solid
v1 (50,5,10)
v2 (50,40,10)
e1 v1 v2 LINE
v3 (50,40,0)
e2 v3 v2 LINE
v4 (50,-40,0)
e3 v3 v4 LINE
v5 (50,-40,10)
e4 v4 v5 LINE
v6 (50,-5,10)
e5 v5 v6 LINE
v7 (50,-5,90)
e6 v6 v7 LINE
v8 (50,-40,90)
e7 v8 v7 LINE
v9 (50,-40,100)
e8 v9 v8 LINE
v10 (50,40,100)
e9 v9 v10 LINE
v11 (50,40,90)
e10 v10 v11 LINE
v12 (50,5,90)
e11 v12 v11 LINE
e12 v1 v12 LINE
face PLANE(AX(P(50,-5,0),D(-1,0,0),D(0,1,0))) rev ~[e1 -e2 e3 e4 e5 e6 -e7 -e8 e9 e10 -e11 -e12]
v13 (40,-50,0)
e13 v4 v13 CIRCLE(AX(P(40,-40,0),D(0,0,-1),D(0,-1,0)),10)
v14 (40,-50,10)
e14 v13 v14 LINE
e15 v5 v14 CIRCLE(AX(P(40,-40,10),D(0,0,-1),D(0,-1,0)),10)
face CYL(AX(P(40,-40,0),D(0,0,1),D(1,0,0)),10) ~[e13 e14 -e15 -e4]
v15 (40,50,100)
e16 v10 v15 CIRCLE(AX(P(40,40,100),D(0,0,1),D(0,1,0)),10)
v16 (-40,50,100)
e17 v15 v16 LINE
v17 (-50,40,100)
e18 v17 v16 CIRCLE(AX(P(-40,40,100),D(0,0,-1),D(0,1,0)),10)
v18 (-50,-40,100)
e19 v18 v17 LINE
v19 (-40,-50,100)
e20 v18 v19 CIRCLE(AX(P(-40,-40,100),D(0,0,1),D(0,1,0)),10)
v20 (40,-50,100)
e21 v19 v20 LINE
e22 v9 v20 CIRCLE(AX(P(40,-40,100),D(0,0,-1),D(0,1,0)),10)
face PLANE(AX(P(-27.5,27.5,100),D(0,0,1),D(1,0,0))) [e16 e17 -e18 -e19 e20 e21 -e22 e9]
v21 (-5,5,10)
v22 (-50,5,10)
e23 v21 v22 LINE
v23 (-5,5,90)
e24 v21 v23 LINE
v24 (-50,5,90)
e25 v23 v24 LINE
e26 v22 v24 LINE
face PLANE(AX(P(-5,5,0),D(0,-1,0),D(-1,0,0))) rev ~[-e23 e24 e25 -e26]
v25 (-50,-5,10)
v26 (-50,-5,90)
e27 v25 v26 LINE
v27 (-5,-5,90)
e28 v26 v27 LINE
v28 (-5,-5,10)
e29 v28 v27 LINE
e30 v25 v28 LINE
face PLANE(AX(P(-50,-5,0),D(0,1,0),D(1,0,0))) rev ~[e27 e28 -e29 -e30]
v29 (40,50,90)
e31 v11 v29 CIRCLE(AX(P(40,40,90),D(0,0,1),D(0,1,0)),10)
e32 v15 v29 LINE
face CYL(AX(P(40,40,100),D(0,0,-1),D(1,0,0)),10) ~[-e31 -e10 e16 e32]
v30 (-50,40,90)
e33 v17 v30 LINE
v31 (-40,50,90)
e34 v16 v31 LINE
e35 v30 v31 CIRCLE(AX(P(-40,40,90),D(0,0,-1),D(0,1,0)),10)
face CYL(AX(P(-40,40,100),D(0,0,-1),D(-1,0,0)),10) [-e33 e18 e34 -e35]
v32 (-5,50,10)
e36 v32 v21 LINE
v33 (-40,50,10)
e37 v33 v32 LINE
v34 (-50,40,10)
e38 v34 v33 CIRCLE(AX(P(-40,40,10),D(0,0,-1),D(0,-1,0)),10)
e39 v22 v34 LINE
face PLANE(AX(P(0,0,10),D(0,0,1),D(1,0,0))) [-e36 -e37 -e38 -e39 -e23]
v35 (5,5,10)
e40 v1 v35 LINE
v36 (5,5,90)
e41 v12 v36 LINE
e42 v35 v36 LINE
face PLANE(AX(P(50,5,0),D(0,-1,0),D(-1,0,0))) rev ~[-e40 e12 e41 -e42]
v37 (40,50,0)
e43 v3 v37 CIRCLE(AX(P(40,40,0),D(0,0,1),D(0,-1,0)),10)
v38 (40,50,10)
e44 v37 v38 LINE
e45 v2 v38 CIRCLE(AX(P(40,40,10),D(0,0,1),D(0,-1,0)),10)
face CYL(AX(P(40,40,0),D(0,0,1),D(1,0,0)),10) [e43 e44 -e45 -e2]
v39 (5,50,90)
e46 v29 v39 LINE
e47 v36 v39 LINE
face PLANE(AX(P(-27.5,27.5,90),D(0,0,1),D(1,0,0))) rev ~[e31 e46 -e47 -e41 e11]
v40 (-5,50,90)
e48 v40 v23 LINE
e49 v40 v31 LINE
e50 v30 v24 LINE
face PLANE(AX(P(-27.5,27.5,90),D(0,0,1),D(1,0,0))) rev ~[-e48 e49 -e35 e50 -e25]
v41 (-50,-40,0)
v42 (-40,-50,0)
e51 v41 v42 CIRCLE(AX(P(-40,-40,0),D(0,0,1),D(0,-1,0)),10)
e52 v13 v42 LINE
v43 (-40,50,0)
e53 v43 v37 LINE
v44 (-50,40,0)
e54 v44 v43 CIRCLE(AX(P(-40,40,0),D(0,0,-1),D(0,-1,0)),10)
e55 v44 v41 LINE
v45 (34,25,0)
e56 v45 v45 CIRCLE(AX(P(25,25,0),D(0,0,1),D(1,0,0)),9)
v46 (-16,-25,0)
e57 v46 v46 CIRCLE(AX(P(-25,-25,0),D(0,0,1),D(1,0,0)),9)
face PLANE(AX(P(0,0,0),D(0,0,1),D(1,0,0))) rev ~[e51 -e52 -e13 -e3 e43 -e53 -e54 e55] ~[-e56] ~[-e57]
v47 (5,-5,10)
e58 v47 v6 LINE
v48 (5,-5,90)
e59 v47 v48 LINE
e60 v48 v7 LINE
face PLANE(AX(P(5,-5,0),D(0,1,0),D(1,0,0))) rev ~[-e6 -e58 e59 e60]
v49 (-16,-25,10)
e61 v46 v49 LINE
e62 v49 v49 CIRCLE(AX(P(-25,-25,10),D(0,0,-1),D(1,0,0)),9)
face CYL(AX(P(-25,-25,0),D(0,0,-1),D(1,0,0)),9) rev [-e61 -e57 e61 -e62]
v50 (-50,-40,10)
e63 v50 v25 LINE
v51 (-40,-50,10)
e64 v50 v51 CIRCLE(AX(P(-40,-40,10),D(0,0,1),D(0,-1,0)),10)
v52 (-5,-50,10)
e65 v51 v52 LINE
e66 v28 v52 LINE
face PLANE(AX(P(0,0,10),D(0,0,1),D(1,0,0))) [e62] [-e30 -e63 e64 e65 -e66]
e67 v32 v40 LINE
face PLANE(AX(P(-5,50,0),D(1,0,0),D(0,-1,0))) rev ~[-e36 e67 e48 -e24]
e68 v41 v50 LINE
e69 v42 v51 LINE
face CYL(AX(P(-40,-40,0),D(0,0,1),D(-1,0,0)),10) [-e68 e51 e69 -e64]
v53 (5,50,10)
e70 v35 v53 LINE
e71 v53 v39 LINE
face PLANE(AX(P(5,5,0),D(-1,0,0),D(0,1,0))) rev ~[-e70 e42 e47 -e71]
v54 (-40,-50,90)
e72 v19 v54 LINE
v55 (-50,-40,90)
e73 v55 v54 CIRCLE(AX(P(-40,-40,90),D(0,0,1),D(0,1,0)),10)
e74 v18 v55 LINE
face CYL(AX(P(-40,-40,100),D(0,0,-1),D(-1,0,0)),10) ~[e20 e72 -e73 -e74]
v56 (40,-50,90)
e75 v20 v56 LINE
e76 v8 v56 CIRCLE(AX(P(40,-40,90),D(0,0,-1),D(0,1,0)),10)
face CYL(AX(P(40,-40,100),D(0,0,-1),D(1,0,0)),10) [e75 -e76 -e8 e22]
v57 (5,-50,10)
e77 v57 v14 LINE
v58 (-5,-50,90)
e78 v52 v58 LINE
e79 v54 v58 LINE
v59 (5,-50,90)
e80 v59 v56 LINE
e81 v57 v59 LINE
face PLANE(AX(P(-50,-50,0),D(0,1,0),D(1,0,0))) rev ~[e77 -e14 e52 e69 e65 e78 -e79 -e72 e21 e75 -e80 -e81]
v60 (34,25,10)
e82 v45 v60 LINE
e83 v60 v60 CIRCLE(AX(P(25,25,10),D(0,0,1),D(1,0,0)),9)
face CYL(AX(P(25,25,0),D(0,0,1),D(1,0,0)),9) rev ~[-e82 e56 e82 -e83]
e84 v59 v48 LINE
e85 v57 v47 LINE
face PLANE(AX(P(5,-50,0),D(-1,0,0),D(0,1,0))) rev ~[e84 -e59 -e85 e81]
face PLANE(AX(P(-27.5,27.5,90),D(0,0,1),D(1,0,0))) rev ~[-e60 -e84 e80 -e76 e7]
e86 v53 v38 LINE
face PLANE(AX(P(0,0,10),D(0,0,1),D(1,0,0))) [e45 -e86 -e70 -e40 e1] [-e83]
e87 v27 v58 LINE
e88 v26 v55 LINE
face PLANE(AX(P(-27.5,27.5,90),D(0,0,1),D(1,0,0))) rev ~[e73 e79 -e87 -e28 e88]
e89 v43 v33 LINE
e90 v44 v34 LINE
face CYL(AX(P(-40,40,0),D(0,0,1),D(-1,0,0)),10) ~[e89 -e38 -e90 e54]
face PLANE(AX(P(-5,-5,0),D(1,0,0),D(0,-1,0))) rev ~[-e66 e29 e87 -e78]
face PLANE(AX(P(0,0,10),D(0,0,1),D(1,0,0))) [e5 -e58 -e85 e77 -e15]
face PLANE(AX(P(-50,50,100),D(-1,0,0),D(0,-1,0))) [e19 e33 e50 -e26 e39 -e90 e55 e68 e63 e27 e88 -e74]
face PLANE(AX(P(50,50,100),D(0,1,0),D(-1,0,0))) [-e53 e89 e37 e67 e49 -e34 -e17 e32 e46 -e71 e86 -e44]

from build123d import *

# Parameters (mm, degrees)
F1_DEPTH = 100
F2_W     = 100
F2_H     = 100
F3_DEPTH = 10
F4_W     = 45
F4_H     = 45
F5_DEPTH = 10
F6_R     = 10
F7_R     = 9
F8_DEPTH = 87


with BuildPart() as f1:
    # F0 (on Top) → F1 (new body)
    with BuildSketch(Plane.XY):
        Polygon((-5, -50), (0, -50), (5, -50), (5, -5), (50, -5), (50, 0), (50, 5), (5, 5), (5, 50), (0, 50), (-5, 50), (-5, 5), (-50, 5), (-50, 0), (-50, -5), (-5, -5), align=None)
    extrude(amount=F1_DEPTH)

    # F2 (on Top) → F3 (join)
    with BuildSketch(Plane.XY):
        Rectangle(F2_W, F2_H)
    extrude(amount=F3_DEPTH)

    # F4 (on face) → F5 (join)
    with BuildSketch(Plane.XY.offset(100)):
        with Locations((-27.5, 27.5)):
            Rectangle(F4_W, F4_H)
        Polygon((5, 50), (-5, 50), (-5, 5), (-50, 5), (-50, -5), (-5, -5), (-5, -50), (5, -50), (5, -5), (50, -5), (50, 5), (5, 5), align=None)
        with Locations((27.5, 27.5)):
            Rectangle(F4_W, F4_H)
        with Locations((27.5, -27.5)):
            Rectangle(F4_W, F4_H)
        with Locations((-27.5, -27.5)):
            Rectangle(F4_W, F4_H)
    extrude(amount=-F5_DEPTH)

    # F6
    f6_edges = [f1.edges().sort_by_distance(p)[0] for p in [
        (50, -50, 95),
        (50, -50, 5),
        (50, 50, 95),
        (50, 50, 5),
        (-50, -50, 95),
        (-50, -50, 5),
        (-50, 50, 95),
        (-50, 50, 5),
    ]]
    fillet(f6_edges, radius=F6_R)

    # F7 (on Top) → F8 (cut, symmetric)
    with BuildSketch(Plane.XY):
        with Locations((-25, -25)):
            Circle(F7_R)
        with Locations((25, 25)):
            Circle(F7_R)
    extrude(amount=F8_DEPTH, both=True, mode=Mode.SUBTRACT)


solid = f1.part
